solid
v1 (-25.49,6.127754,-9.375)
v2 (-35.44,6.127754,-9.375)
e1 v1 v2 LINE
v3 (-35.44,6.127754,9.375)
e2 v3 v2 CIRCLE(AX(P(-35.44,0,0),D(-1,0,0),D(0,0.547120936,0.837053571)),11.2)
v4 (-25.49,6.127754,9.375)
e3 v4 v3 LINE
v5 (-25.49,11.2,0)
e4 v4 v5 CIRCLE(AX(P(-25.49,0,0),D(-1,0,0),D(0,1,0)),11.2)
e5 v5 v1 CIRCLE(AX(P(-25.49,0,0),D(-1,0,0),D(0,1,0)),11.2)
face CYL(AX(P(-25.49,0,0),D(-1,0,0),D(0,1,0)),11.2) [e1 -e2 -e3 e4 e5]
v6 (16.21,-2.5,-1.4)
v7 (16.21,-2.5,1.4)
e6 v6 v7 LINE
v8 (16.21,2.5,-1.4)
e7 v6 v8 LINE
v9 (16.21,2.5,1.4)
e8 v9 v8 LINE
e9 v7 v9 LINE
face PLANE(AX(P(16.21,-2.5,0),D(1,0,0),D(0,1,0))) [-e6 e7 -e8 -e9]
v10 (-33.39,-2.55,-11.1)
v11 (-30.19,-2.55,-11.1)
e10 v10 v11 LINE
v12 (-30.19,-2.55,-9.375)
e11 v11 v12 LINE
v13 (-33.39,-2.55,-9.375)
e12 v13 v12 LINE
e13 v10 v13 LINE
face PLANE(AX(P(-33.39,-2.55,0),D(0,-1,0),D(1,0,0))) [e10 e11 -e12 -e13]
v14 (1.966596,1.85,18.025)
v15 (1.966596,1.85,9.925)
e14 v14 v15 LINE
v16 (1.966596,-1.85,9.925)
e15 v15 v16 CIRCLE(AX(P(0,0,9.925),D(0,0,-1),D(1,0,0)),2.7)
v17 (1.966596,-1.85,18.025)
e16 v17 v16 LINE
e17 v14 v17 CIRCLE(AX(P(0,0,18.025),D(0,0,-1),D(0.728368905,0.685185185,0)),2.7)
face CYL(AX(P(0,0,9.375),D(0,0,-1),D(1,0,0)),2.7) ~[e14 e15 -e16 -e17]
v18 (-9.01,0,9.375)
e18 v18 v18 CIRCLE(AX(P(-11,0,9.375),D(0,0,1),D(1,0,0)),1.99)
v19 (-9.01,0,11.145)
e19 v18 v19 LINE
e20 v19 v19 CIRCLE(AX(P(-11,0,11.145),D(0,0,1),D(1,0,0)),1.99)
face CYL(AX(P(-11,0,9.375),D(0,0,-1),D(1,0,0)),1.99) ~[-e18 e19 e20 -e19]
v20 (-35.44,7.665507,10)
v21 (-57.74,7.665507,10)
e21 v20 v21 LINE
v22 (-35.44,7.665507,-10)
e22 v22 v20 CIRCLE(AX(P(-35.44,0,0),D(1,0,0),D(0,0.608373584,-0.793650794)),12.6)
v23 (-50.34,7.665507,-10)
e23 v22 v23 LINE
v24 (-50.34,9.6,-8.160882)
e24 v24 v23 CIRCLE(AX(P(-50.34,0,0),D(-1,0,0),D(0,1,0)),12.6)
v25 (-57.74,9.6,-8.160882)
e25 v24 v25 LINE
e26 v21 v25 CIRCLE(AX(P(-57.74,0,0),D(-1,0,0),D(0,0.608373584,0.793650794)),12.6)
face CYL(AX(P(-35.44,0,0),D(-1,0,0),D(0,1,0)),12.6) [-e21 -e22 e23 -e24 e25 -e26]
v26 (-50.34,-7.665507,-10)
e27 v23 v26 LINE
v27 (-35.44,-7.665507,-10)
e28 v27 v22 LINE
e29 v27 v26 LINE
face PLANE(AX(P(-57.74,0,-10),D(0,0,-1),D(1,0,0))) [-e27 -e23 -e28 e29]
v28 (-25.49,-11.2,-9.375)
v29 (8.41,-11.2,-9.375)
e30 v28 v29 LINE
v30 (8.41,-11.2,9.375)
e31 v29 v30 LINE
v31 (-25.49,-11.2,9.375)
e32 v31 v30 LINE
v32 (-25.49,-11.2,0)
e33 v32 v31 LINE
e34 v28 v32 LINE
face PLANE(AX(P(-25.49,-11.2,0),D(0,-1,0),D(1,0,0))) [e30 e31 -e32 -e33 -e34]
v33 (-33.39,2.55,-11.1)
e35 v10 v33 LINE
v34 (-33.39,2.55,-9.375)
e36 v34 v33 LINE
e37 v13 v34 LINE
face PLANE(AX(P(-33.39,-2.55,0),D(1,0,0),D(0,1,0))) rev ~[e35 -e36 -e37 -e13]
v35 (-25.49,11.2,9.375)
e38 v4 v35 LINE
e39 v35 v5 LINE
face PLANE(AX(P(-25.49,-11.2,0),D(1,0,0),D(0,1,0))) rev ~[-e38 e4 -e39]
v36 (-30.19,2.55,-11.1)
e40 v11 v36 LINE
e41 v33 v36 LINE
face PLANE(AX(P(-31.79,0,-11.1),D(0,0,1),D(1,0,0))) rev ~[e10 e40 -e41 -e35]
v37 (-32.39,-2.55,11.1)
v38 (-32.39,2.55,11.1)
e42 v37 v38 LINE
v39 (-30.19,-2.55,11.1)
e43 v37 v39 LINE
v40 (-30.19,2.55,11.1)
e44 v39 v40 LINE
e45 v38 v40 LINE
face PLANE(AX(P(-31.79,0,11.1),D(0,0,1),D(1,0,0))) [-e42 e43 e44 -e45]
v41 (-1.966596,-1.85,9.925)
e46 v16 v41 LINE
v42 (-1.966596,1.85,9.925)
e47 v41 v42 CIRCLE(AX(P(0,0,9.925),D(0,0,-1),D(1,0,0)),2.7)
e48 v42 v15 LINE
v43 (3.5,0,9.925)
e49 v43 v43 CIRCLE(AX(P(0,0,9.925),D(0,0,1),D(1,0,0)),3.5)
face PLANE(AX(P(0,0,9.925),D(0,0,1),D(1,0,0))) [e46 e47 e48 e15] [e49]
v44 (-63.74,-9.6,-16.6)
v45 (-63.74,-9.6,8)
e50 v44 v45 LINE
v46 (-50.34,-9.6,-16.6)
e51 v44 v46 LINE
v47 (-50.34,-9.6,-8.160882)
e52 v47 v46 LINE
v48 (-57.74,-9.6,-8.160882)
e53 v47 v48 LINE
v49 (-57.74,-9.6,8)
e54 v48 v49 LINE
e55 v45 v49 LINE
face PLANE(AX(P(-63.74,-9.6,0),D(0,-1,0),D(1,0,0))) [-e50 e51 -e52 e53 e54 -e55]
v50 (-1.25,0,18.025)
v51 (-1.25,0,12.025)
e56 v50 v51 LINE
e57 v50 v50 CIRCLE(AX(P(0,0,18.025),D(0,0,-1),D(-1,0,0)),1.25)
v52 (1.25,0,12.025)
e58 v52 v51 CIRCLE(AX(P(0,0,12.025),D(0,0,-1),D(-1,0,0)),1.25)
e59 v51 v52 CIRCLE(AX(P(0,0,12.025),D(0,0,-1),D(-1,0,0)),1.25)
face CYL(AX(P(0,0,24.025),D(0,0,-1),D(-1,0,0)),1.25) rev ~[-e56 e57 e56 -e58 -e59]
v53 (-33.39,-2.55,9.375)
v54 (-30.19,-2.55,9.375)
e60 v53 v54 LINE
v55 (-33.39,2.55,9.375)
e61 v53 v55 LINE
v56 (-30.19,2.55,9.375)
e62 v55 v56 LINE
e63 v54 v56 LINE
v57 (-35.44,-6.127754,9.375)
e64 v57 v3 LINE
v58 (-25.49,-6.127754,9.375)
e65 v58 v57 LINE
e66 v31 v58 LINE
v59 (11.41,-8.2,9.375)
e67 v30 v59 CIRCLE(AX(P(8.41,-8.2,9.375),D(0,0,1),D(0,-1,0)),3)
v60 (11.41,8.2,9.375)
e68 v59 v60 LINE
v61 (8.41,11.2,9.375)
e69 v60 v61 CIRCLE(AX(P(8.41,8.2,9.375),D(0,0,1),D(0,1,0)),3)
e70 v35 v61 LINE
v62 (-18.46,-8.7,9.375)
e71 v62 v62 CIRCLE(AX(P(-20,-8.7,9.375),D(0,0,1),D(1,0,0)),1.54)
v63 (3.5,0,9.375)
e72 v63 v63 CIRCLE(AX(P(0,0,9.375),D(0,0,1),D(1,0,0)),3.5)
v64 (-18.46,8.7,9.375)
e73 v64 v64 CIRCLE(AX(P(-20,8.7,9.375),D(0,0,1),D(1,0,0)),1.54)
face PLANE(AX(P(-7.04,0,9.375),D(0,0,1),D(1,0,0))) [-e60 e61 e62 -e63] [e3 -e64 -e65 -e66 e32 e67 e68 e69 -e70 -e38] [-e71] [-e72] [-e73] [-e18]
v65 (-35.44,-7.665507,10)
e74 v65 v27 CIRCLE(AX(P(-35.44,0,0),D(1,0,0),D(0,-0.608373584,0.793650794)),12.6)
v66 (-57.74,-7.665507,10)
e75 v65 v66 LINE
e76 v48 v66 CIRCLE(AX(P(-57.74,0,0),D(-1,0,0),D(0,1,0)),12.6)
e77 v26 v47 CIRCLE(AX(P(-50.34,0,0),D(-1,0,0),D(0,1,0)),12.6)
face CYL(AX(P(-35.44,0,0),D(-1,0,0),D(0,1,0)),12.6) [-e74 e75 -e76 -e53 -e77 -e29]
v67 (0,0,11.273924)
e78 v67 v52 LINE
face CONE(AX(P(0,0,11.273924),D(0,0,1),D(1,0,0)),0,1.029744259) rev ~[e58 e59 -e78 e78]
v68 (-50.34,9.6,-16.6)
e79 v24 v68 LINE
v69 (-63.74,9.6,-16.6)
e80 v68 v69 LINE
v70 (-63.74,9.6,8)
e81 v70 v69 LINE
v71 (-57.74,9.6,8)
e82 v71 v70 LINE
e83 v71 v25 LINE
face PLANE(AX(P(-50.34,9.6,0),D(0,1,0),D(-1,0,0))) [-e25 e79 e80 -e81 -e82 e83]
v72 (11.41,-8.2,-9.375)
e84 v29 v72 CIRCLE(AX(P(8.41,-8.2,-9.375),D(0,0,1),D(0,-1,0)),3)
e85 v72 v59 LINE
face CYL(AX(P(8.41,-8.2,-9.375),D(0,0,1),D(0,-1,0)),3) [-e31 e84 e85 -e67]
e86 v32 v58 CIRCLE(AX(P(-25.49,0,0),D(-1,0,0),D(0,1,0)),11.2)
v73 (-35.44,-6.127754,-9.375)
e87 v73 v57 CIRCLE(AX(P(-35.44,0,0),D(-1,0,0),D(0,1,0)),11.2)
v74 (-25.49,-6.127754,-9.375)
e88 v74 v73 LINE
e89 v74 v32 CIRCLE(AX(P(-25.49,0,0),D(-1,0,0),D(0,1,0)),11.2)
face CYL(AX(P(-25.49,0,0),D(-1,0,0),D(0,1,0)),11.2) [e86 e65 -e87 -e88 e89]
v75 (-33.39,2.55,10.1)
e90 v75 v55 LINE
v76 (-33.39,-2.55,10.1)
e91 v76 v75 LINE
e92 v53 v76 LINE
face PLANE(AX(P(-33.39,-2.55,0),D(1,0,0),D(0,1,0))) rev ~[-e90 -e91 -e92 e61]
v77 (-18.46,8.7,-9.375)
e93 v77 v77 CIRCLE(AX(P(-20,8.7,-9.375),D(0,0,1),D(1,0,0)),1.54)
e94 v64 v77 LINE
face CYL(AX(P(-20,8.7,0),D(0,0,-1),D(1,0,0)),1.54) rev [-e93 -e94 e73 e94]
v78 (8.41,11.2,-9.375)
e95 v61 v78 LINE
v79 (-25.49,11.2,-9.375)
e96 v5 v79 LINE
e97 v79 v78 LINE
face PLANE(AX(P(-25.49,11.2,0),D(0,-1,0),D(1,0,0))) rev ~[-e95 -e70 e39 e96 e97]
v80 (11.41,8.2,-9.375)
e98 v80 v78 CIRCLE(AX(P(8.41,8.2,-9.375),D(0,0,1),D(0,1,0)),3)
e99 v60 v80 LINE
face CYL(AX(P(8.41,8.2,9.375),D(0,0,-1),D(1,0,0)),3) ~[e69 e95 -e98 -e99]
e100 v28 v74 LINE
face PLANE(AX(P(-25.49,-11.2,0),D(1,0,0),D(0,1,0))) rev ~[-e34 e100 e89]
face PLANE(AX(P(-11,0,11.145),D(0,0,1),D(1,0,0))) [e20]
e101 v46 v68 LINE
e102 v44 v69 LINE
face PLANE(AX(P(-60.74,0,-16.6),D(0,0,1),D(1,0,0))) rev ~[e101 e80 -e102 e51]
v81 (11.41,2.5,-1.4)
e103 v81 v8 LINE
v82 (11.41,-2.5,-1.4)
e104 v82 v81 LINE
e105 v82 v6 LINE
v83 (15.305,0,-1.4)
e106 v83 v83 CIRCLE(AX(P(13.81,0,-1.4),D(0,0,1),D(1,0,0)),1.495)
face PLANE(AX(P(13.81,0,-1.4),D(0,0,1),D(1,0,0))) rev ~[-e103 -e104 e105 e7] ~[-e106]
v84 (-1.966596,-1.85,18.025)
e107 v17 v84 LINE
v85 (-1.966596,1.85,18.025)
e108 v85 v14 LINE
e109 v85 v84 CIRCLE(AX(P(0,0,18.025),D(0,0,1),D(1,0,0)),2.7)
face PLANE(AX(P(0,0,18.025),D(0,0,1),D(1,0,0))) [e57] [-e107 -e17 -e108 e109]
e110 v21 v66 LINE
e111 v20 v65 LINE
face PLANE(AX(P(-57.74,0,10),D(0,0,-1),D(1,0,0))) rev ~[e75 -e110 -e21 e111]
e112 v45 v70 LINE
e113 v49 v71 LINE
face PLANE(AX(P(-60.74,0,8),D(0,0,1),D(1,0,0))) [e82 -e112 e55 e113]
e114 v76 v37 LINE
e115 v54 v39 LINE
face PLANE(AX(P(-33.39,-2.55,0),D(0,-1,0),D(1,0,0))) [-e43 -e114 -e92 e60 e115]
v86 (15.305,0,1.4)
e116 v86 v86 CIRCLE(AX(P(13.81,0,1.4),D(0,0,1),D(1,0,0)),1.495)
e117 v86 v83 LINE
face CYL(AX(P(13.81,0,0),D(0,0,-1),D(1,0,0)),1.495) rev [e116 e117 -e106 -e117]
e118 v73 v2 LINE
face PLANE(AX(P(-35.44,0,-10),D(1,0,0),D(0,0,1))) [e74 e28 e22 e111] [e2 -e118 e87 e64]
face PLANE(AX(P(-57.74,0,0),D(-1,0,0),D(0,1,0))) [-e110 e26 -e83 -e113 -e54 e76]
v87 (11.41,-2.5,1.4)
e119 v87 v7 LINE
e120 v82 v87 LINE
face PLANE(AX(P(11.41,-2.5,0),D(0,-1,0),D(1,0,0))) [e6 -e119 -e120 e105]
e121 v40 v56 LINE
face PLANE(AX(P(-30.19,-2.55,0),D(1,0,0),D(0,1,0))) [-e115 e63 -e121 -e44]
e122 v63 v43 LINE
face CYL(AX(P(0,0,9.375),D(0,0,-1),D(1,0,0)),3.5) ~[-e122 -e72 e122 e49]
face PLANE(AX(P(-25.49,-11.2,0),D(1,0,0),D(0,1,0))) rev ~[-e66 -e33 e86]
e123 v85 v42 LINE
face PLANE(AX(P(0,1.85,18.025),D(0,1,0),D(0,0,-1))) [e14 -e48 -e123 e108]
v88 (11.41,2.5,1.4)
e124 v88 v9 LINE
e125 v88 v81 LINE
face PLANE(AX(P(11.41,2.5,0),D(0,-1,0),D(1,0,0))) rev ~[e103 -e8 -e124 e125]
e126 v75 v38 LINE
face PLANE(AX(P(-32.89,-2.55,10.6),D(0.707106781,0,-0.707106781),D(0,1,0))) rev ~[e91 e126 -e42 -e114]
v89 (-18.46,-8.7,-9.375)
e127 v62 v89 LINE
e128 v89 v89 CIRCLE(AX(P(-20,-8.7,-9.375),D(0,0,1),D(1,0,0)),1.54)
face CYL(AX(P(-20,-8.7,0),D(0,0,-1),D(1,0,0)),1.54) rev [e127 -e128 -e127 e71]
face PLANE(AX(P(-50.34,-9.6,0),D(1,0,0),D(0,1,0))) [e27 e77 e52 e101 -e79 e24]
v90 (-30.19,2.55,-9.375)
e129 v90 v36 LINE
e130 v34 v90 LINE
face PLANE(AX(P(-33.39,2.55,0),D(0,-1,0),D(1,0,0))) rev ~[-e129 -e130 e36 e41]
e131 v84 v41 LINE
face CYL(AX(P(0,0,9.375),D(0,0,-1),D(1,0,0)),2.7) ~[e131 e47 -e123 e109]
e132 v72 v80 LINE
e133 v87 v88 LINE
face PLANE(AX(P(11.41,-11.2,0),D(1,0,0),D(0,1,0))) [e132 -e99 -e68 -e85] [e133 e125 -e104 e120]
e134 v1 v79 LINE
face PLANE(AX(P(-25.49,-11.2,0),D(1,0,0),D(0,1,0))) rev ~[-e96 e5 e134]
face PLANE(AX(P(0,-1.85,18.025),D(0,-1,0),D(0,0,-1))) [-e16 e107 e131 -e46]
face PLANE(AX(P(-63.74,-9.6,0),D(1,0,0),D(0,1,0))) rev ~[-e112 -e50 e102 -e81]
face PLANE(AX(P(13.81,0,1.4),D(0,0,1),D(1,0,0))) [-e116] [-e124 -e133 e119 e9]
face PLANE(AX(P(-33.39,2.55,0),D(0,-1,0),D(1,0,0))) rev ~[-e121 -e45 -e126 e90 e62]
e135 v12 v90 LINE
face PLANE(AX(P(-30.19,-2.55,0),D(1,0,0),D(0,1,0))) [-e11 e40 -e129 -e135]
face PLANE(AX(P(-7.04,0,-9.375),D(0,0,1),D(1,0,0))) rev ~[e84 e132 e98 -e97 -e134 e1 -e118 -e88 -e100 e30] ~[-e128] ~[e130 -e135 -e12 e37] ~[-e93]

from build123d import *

# Parameters (mm, degrees)
CROQUIS1_W                    = 36.9
CROQUIS1_H                    = 22.4
CROQUIS1_R                    = 2.7
CROQUIS1_R_2                  = 1.99
CROQUIS1_R_3                  = 1.54
SALIENTE_EXTRUIR1_DEPTH       = 9.375
SALIENTE_EXTRUIR2_START       = 9.375
CROQUIS1_3_R                  = 2.7
SALIENTE_EXTRUIR2_DEPTH       = 8.65
SALIENTE_EXTRUIR3_START       = 9.375
CROQUIS1_5_R                  = 1.99
SALIENTE_EXTRUIR3_DEPTH       = 1.77
CROQUIS2_W                    = 8.65
CROQUIS2_H                    = 0.85
CORTAR_EXTRUIR1_DEPTH         = 3.385
CROQUIS1_6_W                  = 4.8
CROQUIS1_6_H                  = 5
CROQUIS1_6_R                  = 1.495
SALIENTE_EXTRUIR4_DEPTH       = 1.4
CROQUIS1_8_W                  = 7.4
CROQUIS1_8_H                  = 9.6
CROQUIS1_8_W_2                = 3.2
CROQUIS1_8_H_2                = 2.55
CROQUIS3_W                    = 22.3
CROQUIS3_H                    = 2.6
CORTAR_EXTRUIR2_DEPTH         = 13.6
CORTAR_EXTRUIR2_DEPTH_BACK    = 13.6
CROQUIS1_10_W                 = 3.2
CROQUIS1_10_H                 = 5.1
SALIENTE_EXTRUIR5_DEPTH       = 11.1
CROQUIS1_11_W                 = 6
CROQUIS1_11_H                 = 19.2
CROQUIS1_11_W_2               = 7.4
CROQUIS1_11_H_2               = 9.6
SALIENTE_EXTRUIR6_DEPTH       = 8
SALIENTE_EXTRUIR6_DEPTH_BACK  = 16.6
TALADRO_ROSCADO_M3X0_51_D     = 2.5
TALADRO_ROSCADO_M3X0_51_DEPTH = 6
TALADRO_ROSCADO_M3X0_51_TIP   = 0.751075774
REDONDEO1_R                   = 3
SALIENTE_EXTRUIR7_START       = 9.375
CROQUIS6_R                    = 3.5
SALIENTE_EXTRUIR7_DEPTH       = 0.55
CHAFL_N1_SIZE                 = 1


with BuildPart() as part:
    # Croquis1 → Saliente-Extruir1 (new body, symmetric)
    with BuildSketch(Plane.XY):
        with Locations((-7.04, 0)):
            Rectangle(CROQUIS1_W, CROQUIS1_H)
        Circle(CROQUIS1_R, mode=Mode.SUBTRACT)
        with Locations((-11, 0)):
            Circle(CROQUIS1_R_2, mode=Mode.SUBTRACT)
        with Locations((-20, 8.7)):
            Circle(CROQUIS1_R_3, mode=Mode.SUBTRACT)
        with Locations((-20, -8.7)):
            Circle(CROQUIS1_R_3, mode=Mode.SUBTRACT)
        Circle(CROQUIS1_R)
        with Locations((-11, 0)):
            Circle(CROQUIS1_R_2)
    extrude(amount=SALIENTE_EXTRUIR1_DEPTH, both=True)

    # Croquis1_3 → Saliente-Extruir2 (add)
    with BuildSketch(Plane.XY.offset(SALIENTE_EXTRUIR2_START)):
        Circle(CROQUIS1_3_R)
    extrude(amount=SALIENTE_EXTRUIR2_DEPTH)

    # Croquis1_5 → Saliente-Extruir3 (add)
    with BuildSketch(Plane.XY.offset(SALIENTE_EXTRUIR3_START)):
        with Locations((-11, 0)):
            Circle(CROQUIS1_5_R)
    extrude(amount=SALIENTE_EXTRUIR3_DEPTH)

    # Croquis2 → Cortar-Extruir1 (cut, symmetric)
    with BuildSketch(Plane(origin=(0, 0, 0), x_dir=(0, 0, -1), z_dir=(1, 0, 0))):
        with Locations((-13.7, 2.275)):
            Rectangle(CROQUIS2_W, CROQUIS2_H)
        with Locations((-13.7, -2.275)):
            Rectangle(CROQUIS2_W, CROQUIS2_H)
    extrude(amount=CORTAR_EXTRUIR1_DEPTH, both=True, mode=Mode.SUBTRACT)

    # Croquis1_6 → Saliente-Extruir4 (add, symmetric)
    with BuildSketch(Plane.XY):
        with Locations((13.81, 0)):
            Rectangle(CROQUIS1_6_W, CROQUIS1_6_H)
        with Locations((13.81, 0)):
            Circle(CROQUIS1_6_R, mode=Mode.SUBTRACT)
    extrude(amount=SALIENTE_EXTRUIR4_DEPTH, both=True)

    # Croquis1_8 → Revoluci_n1 (revolve)
    with BuildSketch(Plane.XY):
        Polygon((-30.19, 0), (-25.49, 0), (-25.49, 11.2), (-35.44, 11.2), (-35.44, 12.6), (-57.74, 12.6), (-57.74, 9.6), (-50.34, 9.6), (-50.34, 0), (-33.39, 0), (-33.39, 2.55), (-30.19, 2.55), align=None)
        with Locations((-54.04, 4.8)):
            Rectangle(CROQUIS1_8_W, CROQUIS1_8_H)
        with Locations((-31.79, 1.275)):
            Rectangle(CROQUIS1_8_W_2, CROQUIS1_8_H_2)
    revolve(axis=Axis((-25.49, 0, 0), (-1, 0, 0)))

    # Croquis3 → Cortar-Extruir2 (cut, two sides)
    with BuildSketch(Plane(origin=(0, 0, 0), x_dir=(1, 0, 0), z_dir=(0, 1, 0))) as cortar_extruir2_sk:
        Polygon((-35.44, 10), (-35.44, 9.375), (-25.49, 9.375), (-25.49, 11.2), (-35.44, 11.2), align=None)
        with Locations((-46.59, 11.3)):
            Rectangle(CROQUIS3_W, CROQUIS3_H)
        with Locations((-46.59, -11.3)):
            Rectangle(CROQUIS3_W, CROQUIS3_H)
        Polygon((-25.49, -9.375), (-35.44, -9.375), (-35.44, -10), (-35.44, -11.2), (-25.49, -11.2), align=None)
    extrude(amount=CORTAR_EXTRUIR2_DEPTH, mode=Mode.SUBTRACT)
    extrude(cortar_extruir2_sk.sketch, amount=-CORTAR_EXTRUIR2_DEPTH_BACK, mode=Mode.SUBTRACT)

    # Croquis1_10 → Saliente-Extruir5 (add, symmetric)
    with BuildSketch(Plane.XY):
        with Locations((-31.79, 0)):
            Rectangle(CROQUIS1_10_W, CROQUIS1_10_H)
    extrude(amount=SALIENTE_EXTRUIR5_DEPTH, both=True)

    # Croquis1_11 → Saliente-Extruir6 (add, two sides)
    with BuildSketch(Plane.XY) as saliente_extruir6_sk:
        with Locations((-60.74, 0)):
            Rectangle(CROQUIS1_11_W, CROQUIS1_11_H)
        with Locations((-54.04, 4.8)):
            Rectangle(CROQUIS1_11_W_2, CROQUIS1_11_H_2)
        with Locations((-54.04, -4.8)):
            Rectangle(CROQUIS1_11_W_2, CROQUIS1_11_H_2)
    extrude(amount=SALIENTE_EXTRUIR6_DEPTH)
    extrude(saliente_extruir6_sk.sketch, amount=-SALIENTE_EXTRUIR6_DEPTH_BACK)

    # Taladro roscado M3x0.51
    with Locations(Plane.XY.offset(18.025)):
        with Locations((0, 0)):
            Hole(TALADRO_ROSCADO_M3X0_51_D / 2, depth=TALADRO_ROSCADO_M3X0_51_DEPTH)
            with Locations((0, 0, -(TALADRO_ROSCADO_M3X0_51_DEPTH + TALADRO_ROSCADO_M3X0_51_TIP / 2))):  # 118° drill point
                Cone(0, TALADRO_ROSCADO_M3X0_51_D / 2, TALADRO_ROSCADO_M3X0_51_TIP, mode=Mode.SUBTRACT)

    # Redondeo1
    redondeo1_edges = [part.edges().sort_by_distance(p)[0] for p in [
        (11.41, 11.2, 0),
        (11.41, -11.2, 0),
    ]]
    fillet(redondeo1_edges, radius=REDONDEO1_R)

    # Croquis6 → Saliente-Extruir7 (add)
    with BuildSketch(Plane.XY.offset(SALIENTE_EXTRUIR7_START)):
        Circle(CROQUIS6_R)
    extrude(amount=SALIENTE_EXTRUIR7_DEPTH)

    # Chafl_n1
    chafl_n1_edges = [part.edges().sort_by_distance(p)[0] for p in [
        (-33.39, 0, 11.1),
    ]]
    chamfer(chafl_n1_edges, length=CHAFL_N1_SIZE)


solid = part.part
